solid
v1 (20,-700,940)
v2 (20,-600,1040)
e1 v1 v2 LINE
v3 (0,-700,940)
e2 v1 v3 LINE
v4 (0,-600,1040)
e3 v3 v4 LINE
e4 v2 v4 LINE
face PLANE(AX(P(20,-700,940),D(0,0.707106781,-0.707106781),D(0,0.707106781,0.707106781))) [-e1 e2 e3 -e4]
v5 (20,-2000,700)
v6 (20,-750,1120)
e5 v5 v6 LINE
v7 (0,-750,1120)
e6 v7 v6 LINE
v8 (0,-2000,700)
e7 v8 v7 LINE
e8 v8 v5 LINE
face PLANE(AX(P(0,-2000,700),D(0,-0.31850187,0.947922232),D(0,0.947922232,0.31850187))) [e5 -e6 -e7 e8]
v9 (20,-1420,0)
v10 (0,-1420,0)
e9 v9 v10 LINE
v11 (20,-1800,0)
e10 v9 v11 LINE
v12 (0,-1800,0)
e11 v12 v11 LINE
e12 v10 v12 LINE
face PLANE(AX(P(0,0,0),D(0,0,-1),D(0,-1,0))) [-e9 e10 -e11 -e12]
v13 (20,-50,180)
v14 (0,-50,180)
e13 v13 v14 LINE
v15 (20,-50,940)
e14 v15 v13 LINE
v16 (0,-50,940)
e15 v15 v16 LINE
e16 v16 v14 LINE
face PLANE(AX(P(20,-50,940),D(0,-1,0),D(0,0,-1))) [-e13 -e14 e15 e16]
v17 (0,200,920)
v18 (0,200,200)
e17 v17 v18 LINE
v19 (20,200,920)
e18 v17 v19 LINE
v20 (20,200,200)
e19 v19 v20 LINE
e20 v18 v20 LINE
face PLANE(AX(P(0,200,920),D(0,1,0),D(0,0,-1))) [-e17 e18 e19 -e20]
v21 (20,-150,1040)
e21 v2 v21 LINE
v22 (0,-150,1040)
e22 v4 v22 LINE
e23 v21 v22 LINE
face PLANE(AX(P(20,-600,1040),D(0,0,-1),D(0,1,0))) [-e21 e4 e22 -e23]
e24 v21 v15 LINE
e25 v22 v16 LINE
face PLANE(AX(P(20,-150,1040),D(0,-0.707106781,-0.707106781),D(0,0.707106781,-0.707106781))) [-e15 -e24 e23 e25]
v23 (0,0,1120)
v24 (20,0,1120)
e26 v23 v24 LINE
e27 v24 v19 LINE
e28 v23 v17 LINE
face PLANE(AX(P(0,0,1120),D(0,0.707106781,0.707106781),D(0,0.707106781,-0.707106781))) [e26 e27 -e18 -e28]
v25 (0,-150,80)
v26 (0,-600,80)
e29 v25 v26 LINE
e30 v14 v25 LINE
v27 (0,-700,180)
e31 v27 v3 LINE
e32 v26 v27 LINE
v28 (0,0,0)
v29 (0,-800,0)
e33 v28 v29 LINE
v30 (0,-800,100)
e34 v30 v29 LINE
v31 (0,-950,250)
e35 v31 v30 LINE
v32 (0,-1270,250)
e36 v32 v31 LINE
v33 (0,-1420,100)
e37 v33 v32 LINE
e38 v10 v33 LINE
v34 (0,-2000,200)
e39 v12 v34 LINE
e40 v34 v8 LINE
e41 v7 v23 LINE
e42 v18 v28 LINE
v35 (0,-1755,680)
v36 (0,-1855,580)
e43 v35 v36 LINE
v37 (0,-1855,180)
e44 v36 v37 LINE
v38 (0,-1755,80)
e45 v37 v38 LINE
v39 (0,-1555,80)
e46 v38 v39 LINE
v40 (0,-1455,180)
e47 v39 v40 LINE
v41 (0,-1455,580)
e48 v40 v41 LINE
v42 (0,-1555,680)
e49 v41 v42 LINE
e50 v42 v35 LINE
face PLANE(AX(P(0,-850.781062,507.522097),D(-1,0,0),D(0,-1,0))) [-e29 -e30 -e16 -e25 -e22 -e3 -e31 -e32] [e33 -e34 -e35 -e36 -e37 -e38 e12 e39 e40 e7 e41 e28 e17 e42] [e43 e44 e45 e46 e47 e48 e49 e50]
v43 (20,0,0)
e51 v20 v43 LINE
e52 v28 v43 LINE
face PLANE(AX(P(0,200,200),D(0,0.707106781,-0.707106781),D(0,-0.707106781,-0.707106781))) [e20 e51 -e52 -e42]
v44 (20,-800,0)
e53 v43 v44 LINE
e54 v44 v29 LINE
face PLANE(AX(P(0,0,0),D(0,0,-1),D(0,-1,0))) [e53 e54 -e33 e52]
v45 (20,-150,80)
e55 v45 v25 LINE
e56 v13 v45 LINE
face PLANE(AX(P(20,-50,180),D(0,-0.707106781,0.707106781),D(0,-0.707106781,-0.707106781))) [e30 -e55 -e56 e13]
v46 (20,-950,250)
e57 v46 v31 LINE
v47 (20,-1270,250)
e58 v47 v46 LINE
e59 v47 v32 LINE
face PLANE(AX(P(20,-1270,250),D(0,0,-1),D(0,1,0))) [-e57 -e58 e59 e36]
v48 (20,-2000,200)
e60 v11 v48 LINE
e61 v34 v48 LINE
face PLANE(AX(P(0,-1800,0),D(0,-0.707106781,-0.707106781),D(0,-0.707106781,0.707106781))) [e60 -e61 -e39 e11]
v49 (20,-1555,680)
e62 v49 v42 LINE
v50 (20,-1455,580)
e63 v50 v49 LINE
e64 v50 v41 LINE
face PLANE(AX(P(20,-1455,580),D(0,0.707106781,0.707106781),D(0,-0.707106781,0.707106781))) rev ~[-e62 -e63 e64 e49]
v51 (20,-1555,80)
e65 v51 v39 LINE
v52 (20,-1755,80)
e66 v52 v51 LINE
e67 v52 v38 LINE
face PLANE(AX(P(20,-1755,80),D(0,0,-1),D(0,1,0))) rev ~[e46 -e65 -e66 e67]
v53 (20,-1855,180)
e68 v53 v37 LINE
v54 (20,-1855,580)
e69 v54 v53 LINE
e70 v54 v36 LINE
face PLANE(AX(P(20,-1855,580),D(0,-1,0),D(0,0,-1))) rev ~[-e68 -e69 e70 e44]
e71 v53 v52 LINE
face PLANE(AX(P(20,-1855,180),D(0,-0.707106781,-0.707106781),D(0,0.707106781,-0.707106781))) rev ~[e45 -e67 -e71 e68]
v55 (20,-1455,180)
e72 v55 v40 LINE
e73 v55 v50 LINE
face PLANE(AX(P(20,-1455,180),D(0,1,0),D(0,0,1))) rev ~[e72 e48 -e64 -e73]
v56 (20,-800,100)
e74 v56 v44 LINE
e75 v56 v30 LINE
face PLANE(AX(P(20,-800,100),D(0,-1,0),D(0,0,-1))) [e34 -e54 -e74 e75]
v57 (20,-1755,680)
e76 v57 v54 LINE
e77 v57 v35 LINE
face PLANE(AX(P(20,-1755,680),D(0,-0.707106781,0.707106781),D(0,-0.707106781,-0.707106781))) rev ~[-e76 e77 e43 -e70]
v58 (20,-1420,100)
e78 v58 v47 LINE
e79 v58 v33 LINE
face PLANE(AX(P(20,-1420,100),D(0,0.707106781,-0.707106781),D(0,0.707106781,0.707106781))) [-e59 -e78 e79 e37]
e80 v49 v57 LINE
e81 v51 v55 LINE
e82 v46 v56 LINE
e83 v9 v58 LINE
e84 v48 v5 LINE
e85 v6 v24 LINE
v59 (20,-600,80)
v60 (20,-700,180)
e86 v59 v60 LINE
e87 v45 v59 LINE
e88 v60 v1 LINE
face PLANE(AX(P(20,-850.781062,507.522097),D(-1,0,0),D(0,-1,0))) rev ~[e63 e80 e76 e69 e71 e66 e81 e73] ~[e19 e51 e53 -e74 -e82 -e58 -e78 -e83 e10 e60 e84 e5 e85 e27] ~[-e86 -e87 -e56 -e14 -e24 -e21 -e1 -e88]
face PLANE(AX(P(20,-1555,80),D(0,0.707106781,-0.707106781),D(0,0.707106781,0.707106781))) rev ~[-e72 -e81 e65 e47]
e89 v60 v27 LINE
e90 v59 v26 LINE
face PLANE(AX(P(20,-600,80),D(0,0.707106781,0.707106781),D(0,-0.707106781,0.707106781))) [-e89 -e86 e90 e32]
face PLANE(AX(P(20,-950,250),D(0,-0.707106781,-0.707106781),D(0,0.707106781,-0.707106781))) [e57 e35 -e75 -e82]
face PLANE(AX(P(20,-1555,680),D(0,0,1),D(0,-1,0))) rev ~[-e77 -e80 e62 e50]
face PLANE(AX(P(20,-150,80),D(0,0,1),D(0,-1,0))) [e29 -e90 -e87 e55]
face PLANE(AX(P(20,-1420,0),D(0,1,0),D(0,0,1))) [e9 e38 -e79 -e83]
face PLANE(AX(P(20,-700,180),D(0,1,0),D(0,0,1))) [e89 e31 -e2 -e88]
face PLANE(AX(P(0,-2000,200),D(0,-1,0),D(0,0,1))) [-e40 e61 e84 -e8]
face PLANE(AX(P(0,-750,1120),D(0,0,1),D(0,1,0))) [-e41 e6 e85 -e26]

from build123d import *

# Parameters (mm, degrees)
PAD_DEPTH       = 20
POCKET_DEPTH    = 20
POCKET001_DEPTH = 20
POCKET002_DEPTH = 20


with BuildPart() as part:
    # Sketch → Pad (new body)
    with BuildSketch(Plane.YZ):
        Polygon((-2000, 200), (-2000, 700), (-750, 1120), (0, 1120), (200, 920), (200, 200), (0, 0), (-1800, 0), align=None)
    extrude(amount=PAD_DEPTH)

    # Sketch001 (on Face10 of Pad) → Pocket (cut)
    with BuildSketch(Plane.YZ.offset(20)):
        Polygon((-600, 1040), (-150, 1040), (-50, 940), (-50, 180), (-150, 80), (-600, 80), (-700, 180), (-700, 940), align=None)
    extrude(amount=-POCKET_DEPTH, mode=Mode.SUBTRACT)

    # Sketch002 (on Face5 of Pocket) → Pocket001 (cut)
    with BuildSketch(Plane.YZ.offset(20)):
        Polygon((-1270, 250), (-950, 250), (-800, 100), (-800, 0), (-1420, 0), (-1420, 100), align=None)
    extrude(amount=-POCKET001_DEPTH, mode=Mode.SUBTRACT)

    # Sketch003 (on Face5 of Pocket001) → Pocket002 (cut)
    with BuildSketch(Plane.YZ.offset(20)):
        Polygon((-1755, 80), (-1555, 80), (-1455, 180), (-1455, 580), (-1555, 680), (-1755, 680), (-1855, 580), (-1855, 180), align=None)
    extrude(amount=-POCKET002_DEPTH, mode=Mode.SUBTRACT)


solid = part.part
